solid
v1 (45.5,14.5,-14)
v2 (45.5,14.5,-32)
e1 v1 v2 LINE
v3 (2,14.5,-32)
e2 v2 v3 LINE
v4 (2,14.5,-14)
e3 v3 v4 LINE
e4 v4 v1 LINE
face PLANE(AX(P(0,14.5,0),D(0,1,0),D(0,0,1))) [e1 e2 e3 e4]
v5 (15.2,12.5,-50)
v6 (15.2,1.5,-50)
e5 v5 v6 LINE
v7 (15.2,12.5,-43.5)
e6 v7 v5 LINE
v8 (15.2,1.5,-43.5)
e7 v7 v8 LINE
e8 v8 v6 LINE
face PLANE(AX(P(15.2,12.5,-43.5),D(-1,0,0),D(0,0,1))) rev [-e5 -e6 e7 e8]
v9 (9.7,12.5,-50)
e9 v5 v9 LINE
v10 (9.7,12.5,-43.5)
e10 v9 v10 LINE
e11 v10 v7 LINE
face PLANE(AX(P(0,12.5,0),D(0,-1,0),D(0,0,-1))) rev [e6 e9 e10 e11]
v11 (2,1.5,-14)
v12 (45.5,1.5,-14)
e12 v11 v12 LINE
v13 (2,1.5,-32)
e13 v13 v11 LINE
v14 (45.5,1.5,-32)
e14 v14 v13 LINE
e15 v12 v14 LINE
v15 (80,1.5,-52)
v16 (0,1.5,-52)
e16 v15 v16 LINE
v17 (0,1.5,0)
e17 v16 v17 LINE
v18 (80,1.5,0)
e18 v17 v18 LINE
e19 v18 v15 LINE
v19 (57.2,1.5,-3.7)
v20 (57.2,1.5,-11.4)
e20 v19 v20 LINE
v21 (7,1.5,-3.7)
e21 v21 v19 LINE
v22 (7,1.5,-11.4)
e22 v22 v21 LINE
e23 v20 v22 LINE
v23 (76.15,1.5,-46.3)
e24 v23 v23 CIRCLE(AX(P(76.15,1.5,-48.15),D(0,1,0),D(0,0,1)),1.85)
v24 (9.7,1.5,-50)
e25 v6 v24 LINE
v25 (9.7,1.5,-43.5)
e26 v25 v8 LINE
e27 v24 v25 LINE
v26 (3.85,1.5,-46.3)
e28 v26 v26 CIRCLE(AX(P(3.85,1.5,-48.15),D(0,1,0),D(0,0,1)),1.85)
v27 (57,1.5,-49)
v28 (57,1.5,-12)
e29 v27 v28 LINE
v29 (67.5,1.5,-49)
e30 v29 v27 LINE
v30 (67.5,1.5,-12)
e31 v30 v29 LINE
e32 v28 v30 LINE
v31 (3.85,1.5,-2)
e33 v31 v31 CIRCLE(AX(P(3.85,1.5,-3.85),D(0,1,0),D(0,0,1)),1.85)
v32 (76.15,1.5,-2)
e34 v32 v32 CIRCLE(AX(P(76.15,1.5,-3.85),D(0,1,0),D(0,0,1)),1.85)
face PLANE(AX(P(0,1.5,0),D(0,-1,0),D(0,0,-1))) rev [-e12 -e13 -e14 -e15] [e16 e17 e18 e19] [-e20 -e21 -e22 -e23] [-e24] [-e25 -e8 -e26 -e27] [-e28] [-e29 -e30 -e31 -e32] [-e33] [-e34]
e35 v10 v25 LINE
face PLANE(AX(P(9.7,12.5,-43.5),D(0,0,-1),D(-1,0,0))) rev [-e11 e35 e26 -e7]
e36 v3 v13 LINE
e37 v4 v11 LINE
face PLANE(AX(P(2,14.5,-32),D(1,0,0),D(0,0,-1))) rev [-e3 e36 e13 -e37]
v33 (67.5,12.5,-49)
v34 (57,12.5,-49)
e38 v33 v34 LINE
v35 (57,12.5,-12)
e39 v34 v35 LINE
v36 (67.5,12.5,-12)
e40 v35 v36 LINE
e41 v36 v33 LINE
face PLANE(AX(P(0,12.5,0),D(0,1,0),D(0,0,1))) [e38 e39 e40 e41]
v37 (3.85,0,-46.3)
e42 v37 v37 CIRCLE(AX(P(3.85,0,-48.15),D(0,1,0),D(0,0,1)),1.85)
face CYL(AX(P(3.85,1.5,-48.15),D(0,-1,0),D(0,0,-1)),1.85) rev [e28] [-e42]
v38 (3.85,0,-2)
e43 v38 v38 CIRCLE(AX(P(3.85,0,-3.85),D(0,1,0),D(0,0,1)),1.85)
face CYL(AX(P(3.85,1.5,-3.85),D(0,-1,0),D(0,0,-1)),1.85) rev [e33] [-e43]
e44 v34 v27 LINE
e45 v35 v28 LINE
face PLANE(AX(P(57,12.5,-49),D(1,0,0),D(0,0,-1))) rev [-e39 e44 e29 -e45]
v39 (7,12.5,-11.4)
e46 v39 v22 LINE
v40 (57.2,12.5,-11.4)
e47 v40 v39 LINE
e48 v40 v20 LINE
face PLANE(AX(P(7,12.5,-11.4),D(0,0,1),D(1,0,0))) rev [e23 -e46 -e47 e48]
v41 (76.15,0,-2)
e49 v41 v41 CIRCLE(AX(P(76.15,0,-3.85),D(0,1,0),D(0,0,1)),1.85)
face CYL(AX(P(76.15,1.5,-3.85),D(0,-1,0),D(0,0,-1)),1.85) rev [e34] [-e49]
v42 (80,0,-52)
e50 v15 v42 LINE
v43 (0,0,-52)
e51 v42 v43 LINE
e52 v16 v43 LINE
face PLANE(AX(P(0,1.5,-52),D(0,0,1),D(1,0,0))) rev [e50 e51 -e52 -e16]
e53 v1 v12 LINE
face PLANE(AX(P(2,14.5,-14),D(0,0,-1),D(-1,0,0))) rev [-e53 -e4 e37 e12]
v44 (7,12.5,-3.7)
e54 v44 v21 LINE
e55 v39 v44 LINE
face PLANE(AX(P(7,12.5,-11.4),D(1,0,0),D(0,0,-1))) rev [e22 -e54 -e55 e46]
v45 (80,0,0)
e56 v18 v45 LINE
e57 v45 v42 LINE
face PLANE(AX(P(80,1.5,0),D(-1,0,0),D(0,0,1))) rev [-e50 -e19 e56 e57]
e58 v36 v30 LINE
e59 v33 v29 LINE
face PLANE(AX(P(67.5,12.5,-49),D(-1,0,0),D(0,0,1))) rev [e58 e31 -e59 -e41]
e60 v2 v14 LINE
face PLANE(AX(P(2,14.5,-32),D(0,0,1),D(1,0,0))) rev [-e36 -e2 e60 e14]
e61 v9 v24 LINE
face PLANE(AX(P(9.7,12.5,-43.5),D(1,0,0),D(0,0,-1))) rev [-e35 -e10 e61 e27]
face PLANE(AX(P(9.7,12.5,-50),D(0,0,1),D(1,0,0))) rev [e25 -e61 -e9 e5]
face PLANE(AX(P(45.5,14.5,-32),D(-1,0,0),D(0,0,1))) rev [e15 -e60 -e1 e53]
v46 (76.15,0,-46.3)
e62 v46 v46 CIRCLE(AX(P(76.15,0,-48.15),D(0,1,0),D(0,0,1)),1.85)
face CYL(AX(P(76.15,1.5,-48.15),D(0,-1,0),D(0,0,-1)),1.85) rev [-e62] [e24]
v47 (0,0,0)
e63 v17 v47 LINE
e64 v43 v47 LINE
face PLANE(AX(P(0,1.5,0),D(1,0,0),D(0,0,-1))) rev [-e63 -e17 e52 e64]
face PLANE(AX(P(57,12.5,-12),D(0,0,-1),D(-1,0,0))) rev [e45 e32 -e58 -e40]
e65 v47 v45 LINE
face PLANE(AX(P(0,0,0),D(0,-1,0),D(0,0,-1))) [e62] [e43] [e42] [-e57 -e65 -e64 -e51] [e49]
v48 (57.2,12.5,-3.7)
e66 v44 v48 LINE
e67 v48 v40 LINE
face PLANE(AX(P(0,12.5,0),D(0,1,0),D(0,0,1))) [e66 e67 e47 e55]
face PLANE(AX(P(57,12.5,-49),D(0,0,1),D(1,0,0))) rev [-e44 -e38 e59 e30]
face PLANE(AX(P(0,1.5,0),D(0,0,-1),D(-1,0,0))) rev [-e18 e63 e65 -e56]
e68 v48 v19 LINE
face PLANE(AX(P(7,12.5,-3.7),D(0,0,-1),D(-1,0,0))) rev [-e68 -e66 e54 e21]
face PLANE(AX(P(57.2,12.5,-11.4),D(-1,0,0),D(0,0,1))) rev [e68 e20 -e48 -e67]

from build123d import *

# Parameters (mm, degrees)
SKETCH1_W           = 80
SKETCH1_H           = 52
SKETCH1_R           = 1.85
BOSS_EXTRUDE1_DEPTH = 1.5
SKETCH2_W           = 43.5
SKETCH2_H           = 18
BOSS_EXTRUDE2_DEPTH = 13
SKETCH3_W           = 10.5
SKETCH3_H           = 37
SKETCH3_W_2         = 50.2
SKETCH3_H_2         = 7.7
SKETCH3_W_3         = 5.5
SKETCH3_H_3         = 6.5
BOSS_EXTRUDE3_DEPTH = 11


with BuildPart() as part:
    # Sketch1 → Boss-Extrude1 (new body)
    with BuildSketch(Plane(origin=(0, 0, 0), x_dir=(1, 0, 0), z_dir=(0, 1, 0))):
        with Locations((40, 26)):
            Rectangle(SKETCH1_W, SKETCH1_H)
        with Locations(Location((3.85, 48.15, 0), (0, 0, 270))):
            Circle(SKETCH1_R, mode=Mode.SUBTRACT)
        with Locations(Location((3.85, 3.85, 0), (0, 0, 270))):
            Circle(SKETCH1_R, mode=Mode.SUBTRACT)
        with Locations(Location((76.15, 48.15, 0), (0, 0, 270))):
            Circle(SKETCH1_R, mode=Mode.SUBTRACT)
        with Locations(Location((76.15, 3.85, 0), (0, 0, 270))):
            Circle(SKETCH1_R, mode=Mode.SUBTRACT)
    extrude(amount=BOSS_EXTRUDE1_DEPTH)

    # Sketch2 → Boss-Extrude2 (add)
    with BuildSketch(Plane(origin=(0, 1.5, 0), x_dir=(1, 0, 0), z_dir=(0, 1, 0))):
        with Locations((23.75, 23)):
            Rectangle(SKETCH2_W, SKETCH2_H)
    extrude(amount=BOSS_EXTRUDE2_DEPTH)

    # Sketch3 → Boss-Extrude3 (add)
    with BuildSketch(Plane(origin=(0, 1.5, 0), x_dir=(1, 0, 0), z_dir=(0, 1, 0))):
        with Locations((62.25, 30.5)):
            Rectangle(SKETCH3_W, SKETCH3_H)
        with Locations((32.1, 7.55)):
            Rectangle(SKETCH3_W_2, SKETCH3_H_2)
        with Locations((12.45, 46.75)):
            Rectangle(SKETCH3_W_3, SKETCH3_H_3)
    extrude(amount=BOSS_EXTRUDE3_DEPTH)


solid = part.part
